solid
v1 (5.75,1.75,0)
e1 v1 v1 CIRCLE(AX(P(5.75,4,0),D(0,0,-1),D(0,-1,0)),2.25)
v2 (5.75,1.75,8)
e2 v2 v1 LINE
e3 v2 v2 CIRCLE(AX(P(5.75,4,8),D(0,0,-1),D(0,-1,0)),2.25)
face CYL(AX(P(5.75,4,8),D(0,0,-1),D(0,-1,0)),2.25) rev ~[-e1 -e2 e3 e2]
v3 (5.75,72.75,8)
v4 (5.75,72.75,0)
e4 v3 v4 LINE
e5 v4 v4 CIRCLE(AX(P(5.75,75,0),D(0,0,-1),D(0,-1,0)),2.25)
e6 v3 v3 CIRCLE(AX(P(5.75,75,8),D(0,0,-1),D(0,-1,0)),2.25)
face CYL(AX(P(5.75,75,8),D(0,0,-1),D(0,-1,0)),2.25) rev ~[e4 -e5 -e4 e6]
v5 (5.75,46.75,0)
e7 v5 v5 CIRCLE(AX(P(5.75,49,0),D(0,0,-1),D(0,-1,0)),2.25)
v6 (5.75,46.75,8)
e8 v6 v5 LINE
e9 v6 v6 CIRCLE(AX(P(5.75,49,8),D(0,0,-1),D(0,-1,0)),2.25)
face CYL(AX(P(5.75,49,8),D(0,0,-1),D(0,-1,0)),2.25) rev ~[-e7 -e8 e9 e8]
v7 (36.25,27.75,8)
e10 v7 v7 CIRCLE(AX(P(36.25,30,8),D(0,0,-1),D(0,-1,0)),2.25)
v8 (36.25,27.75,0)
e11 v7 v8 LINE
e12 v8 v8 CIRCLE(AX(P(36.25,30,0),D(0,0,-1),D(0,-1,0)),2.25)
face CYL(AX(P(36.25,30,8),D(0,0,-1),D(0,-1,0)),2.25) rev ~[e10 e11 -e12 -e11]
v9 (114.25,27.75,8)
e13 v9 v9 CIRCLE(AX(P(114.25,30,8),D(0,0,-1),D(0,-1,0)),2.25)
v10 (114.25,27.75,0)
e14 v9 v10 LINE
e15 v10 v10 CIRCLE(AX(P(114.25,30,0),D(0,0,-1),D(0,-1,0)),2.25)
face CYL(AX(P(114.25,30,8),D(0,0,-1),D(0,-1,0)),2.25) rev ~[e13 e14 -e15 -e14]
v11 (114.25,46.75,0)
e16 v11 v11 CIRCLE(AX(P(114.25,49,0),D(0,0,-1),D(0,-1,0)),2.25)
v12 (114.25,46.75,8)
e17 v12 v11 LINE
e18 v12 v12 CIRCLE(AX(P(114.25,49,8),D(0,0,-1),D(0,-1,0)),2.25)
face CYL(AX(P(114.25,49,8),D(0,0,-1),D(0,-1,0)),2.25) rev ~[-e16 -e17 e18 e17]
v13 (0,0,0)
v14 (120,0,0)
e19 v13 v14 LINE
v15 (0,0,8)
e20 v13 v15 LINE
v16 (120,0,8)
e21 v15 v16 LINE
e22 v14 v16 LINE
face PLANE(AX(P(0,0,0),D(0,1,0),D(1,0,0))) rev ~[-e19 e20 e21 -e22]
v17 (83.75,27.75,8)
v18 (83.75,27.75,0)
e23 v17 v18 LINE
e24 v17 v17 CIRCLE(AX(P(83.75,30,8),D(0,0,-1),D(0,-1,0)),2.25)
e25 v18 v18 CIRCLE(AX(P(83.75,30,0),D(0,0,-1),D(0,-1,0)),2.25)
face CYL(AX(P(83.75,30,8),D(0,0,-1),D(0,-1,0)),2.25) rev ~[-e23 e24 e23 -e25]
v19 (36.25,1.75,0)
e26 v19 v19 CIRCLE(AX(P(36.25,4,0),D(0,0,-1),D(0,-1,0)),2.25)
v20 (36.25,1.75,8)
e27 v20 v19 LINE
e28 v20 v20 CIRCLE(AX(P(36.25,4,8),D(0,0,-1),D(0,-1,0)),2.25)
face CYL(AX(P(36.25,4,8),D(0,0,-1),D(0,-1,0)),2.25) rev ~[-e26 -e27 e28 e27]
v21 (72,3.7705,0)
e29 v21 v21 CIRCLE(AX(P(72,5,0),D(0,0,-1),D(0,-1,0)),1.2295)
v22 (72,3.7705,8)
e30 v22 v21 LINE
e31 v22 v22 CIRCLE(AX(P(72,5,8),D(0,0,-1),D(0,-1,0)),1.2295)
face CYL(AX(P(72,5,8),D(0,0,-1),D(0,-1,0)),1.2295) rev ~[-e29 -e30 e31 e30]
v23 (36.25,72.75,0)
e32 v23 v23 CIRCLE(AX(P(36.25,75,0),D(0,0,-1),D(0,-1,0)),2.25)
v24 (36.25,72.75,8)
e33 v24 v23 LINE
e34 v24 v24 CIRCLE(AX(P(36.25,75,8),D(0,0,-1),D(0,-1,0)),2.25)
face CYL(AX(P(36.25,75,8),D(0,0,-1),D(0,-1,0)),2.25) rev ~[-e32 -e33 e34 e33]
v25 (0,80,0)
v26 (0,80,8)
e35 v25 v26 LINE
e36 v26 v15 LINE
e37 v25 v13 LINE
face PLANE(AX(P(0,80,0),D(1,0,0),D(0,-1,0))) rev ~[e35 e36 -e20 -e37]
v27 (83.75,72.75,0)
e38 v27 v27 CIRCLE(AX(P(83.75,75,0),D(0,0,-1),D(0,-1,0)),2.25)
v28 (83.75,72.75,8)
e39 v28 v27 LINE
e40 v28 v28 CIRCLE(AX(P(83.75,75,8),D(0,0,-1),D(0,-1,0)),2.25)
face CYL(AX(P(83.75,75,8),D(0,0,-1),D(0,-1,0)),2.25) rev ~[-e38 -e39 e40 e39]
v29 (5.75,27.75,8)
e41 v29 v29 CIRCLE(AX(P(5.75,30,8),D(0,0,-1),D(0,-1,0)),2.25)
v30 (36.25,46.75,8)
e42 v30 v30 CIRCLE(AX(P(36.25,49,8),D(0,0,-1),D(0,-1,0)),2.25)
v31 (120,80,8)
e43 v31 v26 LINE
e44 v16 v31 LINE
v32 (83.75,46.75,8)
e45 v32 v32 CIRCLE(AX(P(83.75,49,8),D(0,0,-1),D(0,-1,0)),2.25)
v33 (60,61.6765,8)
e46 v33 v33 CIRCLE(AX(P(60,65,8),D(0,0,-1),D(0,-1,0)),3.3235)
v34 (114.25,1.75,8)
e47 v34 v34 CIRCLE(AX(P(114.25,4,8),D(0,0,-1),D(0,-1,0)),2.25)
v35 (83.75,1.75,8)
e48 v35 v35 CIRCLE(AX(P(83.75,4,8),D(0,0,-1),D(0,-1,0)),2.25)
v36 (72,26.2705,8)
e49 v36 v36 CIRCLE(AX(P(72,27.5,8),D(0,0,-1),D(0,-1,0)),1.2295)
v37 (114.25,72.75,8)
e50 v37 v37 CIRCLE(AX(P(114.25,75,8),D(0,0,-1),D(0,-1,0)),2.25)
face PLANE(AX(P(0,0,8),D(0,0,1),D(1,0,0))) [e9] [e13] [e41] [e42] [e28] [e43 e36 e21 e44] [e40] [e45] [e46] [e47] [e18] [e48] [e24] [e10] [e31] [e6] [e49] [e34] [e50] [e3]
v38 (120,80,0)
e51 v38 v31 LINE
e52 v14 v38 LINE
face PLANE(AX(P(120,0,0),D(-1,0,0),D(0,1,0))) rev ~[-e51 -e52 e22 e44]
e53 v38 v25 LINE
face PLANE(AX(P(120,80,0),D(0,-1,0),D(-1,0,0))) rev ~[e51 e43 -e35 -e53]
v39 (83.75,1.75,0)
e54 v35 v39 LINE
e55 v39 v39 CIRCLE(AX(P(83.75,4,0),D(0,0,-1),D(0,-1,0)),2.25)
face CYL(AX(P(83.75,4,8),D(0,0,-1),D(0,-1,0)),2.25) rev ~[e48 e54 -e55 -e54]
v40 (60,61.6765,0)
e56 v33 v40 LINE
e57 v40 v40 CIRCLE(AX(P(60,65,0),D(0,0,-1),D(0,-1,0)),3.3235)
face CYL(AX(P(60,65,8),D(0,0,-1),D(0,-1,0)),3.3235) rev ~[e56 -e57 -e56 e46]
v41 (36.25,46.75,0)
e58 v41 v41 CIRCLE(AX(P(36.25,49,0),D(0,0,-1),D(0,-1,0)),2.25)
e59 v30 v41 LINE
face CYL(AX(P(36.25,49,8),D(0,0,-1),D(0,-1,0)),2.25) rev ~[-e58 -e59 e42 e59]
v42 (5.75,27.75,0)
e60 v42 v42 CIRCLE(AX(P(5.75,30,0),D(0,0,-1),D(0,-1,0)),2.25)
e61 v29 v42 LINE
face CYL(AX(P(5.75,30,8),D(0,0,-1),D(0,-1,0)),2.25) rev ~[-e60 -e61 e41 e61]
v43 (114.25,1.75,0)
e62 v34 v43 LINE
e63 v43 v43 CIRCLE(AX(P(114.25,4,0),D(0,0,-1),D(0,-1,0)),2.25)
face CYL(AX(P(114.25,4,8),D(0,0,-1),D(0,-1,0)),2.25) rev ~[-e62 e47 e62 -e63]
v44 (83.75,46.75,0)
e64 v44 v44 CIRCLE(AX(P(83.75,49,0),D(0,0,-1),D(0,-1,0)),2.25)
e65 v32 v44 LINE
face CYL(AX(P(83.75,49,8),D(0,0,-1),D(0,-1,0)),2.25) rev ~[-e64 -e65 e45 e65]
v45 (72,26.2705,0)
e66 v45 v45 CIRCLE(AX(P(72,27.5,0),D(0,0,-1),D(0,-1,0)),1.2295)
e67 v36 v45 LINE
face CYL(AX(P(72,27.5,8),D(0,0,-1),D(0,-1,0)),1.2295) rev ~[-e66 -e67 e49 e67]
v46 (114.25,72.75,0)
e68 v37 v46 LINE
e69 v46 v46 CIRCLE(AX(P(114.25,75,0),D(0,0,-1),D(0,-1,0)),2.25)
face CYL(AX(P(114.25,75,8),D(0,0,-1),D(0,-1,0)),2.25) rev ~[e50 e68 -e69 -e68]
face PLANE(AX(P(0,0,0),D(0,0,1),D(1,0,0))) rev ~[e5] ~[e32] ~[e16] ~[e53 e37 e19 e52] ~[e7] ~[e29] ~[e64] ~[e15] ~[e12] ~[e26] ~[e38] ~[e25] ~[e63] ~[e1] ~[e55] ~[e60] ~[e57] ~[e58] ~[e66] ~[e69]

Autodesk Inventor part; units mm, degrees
ref_plane "YZ Plane" through (0, 0, 0) normal (1, 0, 0) x (0, 1, 0)
ref_plane "XZ Plane" through (0, 0, 0) normal (0, 1, 0) x (-1, 0, 0)
ref_plane "XY Plane" through (0, 0, 0) normal (0, 0, 1) x (1, 0, 0)
sketch "Sketch1" plane through (0, 0, 0) normal (0, 0, 1) x (1, 0, 0)
  line L0 (0, 0) -> (120, 0)
  line L1 (120, 0) -> (120, 80)
  line L2 (120, 80) -> (0, 80)
  line L3 (0, 80) -> (0, 0)
  dimension "width" = 120
  dimension "height" = 80
extrude "Extrusion1" add sketch "Sketch1" along normal blind 8
hole "Hole1" at (36.25, 75, 8) direction (0, 0, -1) diameter 4.5 end through all
pattern_linear "Rectangular Pattern1" count 2 spacing 30.5 along (-1, 0, 0) count 2 spacing 26 along (0, -1, 0) of "Hole1"
hole "Hole2" at (83.75, 75, 8) direction (0, 0, -1) diameter 4.5 end through all
pattern_linear "Rectangular Pattern2" count 2 spacing 30.5 along (1, 0, 0) count 2 spacing 26 along (0, -1, 0) of "Hole2"
pattern_linear "Rectangular Pattern3" count 2 spacing 45 along (0, -1, 0) of "Hole1", "Rectangular Pattern1", "Hole2", "Rectangular Pattern2"
hole "Hole3" at (60, 65, 8) direction (0, 0, -1) diameter 6.647 end through all thread size "M8x1.25" class "6H" standard "ANSI Metric M Profile"
hole "Hole4" at (72, 5, 8) direction (0, 0, -1) diameter 2.459 end through all thread size "M3x0.5" class "6H" standard "ANSI Metric M Profile"
hole "Hole5" at (72, 27.5, 8) direction (0, 0, -1) diameter 2.459 end through all thread size "M3x0.5" class "6H" standard "ANSI Metric M Profile"
equation "\"d37\" = 0.5 * width"
properties part number "mobile plate"
